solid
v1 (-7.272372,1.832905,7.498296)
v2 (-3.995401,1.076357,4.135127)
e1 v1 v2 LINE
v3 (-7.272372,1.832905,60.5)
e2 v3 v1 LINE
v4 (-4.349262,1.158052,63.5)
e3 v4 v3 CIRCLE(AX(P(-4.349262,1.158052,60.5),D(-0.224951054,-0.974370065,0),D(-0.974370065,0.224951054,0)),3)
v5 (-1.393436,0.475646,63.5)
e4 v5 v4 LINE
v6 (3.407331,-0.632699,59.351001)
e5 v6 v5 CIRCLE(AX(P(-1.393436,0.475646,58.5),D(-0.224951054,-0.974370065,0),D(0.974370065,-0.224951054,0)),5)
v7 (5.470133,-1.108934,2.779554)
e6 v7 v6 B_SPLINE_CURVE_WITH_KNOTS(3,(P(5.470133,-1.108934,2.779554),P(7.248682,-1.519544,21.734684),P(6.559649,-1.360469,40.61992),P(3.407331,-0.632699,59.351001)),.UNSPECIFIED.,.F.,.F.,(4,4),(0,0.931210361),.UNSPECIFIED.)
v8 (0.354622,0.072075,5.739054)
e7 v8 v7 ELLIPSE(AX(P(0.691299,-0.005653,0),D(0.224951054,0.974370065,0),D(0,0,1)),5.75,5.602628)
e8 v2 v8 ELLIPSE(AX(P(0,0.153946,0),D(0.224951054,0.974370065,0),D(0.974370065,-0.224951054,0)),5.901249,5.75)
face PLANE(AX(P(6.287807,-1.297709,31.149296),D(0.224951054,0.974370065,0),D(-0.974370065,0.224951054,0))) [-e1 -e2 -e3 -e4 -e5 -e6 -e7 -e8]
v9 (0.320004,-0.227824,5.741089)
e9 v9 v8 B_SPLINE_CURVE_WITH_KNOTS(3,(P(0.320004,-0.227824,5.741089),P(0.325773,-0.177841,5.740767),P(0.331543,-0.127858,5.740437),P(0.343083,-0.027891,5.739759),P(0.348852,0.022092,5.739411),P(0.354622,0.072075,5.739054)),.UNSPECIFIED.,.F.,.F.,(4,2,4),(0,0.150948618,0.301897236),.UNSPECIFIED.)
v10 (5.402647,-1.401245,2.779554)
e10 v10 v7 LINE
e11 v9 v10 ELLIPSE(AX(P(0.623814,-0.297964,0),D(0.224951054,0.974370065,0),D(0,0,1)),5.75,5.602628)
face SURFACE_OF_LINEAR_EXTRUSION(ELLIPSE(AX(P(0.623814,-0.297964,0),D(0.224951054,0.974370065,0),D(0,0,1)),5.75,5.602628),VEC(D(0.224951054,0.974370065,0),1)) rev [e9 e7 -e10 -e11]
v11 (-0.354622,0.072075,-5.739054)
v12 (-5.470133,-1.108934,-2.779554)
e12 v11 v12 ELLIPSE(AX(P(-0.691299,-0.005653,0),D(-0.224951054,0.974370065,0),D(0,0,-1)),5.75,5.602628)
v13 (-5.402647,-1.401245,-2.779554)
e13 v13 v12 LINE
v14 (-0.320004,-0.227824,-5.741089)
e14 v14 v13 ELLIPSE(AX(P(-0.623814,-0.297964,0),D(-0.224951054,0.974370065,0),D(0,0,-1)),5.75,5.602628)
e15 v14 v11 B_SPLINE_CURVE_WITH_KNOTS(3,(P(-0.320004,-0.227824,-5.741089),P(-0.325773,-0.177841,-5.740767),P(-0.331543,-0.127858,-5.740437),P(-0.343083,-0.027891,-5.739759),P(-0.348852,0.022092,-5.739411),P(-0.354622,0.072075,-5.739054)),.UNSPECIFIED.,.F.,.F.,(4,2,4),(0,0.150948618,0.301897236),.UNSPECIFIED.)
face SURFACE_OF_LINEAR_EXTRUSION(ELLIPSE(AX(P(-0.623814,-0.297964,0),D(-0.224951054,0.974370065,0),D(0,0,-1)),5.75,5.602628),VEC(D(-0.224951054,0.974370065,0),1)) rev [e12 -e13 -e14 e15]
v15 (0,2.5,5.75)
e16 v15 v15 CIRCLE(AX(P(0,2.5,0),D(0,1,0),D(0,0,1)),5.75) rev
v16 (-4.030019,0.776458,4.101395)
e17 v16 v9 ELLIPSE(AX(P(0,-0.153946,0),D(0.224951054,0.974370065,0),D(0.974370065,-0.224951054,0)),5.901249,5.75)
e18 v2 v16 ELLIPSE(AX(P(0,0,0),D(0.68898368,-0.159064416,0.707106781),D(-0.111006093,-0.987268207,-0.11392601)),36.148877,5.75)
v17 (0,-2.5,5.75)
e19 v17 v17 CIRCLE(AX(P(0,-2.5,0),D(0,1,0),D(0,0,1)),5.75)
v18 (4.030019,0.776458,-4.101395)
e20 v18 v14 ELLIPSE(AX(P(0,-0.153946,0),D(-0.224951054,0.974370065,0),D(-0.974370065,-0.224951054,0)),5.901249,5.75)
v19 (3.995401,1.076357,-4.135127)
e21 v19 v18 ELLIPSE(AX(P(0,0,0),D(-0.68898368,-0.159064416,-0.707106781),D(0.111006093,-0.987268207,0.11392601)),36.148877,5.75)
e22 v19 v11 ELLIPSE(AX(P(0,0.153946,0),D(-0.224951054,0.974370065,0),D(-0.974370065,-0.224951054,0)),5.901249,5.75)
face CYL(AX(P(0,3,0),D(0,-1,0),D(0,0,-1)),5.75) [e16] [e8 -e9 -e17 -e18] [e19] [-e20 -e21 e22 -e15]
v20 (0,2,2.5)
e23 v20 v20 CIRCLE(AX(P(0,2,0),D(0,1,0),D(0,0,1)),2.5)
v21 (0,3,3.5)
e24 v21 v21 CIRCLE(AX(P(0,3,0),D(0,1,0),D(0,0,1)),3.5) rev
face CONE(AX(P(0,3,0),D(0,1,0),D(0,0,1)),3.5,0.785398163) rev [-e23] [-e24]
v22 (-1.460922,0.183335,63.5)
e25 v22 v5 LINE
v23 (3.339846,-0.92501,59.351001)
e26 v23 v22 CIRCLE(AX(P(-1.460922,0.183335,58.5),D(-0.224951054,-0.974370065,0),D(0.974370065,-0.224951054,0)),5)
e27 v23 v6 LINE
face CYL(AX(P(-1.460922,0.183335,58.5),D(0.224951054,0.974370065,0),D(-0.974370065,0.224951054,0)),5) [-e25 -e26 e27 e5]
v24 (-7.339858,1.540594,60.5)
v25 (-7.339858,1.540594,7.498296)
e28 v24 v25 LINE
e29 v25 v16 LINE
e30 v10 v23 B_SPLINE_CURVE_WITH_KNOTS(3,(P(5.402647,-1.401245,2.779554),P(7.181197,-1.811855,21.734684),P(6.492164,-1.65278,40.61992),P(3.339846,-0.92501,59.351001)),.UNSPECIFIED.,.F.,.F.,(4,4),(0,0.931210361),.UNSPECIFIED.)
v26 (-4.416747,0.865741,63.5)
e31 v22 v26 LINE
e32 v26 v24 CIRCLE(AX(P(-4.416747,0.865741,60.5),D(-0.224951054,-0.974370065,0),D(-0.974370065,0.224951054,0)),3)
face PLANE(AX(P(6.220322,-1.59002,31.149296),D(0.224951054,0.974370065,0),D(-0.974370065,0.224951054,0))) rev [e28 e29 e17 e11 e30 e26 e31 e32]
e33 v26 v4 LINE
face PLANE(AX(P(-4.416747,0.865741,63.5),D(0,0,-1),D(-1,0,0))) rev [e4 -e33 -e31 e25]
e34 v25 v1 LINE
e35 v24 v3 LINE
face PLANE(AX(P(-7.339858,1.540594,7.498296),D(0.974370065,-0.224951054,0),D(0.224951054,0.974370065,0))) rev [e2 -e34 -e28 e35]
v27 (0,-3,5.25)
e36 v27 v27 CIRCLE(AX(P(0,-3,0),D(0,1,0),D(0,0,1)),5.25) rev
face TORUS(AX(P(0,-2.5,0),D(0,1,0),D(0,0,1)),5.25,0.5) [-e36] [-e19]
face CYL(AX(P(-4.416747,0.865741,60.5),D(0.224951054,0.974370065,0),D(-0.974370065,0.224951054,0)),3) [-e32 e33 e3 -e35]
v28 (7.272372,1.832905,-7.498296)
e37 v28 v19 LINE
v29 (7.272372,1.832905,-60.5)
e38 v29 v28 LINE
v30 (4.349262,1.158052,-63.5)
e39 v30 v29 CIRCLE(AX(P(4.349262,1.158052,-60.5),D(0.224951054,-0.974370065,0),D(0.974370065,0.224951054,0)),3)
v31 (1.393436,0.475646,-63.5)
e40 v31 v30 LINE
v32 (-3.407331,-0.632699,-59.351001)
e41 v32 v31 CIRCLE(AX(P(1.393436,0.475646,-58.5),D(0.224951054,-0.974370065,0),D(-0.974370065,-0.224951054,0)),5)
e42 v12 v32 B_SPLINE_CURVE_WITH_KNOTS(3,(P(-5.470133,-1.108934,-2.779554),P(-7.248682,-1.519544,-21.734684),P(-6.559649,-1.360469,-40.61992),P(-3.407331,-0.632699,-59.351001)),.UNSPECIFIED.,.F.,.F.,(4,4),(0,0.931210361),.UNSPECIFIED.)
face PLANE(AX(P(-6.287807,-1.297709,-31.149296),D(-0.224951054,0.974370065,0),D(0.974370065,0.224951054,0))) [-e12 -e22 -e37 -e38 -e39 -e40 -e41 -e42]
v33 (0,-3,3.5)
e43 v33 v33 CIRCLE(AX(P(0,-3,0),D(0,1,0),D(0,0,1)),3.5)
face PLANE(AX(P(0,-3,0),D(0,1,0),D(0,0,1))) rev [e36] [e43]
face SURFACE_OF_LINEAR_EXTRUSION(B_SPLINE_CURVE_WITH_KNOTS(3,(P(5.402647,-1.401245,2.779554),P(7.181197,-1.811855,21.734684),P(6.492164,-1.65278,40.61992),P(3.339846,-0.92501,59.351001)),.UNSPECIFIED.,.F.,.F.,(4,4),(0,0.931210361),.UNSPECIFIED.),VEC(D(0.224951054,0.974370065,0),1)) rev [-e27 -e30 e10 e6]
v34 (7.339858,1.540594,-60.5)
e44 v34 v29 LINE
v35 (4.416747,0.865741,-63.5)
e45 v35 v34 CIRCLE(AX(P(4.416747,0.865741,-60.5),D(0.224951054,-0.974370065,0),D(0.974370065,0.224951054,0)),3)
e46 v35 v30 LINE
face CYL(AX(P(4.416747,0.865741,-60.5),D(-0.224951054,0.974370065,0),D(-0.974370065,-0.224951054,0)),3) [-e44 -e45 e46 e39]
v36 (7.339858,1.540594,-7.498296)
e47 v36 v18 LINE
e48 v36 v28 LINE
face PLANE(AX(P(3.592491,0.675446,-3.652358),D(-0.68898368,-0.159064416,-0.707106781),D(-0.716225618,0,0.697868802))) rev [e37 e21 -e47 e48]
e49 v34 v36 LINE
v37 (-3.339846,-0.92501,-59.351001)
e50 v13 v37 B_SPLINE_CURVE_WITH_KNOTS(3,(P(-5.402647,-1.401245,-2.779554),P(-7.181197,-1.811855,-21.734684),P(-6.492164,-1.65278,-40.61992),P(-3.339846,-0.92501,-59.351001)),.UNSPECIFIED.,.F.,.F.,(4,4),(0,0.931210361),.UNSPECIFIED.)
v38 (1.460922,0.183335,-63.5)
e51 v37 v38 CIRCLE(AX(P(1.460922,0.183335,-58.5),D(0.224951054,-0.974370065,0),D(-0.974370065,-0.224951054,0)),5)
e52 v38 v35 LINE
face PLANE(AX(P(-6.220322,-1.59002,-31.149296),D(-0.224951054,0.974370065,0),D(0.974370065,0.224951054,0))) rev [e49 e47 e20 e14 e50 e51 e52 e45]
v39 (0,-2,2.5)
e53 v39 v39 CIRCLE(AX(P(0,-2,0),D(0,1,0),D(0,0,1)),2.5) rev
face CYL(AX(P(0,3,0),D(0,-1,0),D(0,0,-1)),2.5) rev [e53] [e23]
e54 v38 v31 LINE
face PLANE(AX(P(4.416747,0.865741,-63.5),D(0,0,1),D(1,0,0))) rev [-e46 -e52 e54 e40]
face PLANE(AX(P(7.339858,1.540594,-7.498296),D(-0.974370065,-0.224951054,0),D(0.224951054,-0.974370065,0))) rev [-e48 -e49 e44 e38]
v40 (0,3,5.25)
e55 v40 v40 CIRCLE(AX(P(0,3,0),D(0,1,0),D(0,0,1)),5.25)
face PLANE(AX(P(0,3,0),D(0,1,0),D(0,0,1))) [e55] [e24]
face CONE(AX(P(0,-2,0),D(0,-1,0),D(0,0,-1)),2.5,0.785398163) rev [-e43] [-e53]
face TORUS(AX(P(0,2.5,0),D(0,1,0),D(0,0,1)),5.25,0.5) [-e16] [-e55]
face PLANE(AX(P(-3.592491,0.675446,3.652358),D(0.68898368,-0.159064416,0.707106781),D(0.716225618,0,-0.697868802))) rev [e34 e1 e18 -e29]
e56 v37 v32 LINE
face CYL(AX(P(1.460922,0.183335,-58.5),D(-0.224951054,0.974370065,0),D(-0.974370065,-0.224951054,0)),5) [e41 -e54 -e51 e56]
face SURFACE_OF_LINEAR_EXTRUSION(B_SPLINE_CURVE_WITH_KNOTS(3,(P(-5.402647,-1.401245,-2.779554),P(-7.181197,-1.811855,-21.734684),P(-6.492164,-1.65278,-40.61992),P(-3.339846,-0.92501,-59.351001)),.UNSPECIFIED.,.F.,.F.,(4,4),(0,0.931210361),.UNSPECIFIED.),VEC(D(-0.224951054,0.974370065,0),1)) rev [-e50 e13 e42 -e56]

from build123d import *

# Parameters (mm, degrees)
SKETCH1_R           = 5.75
BOSS_EXTRUDE1_DEPTH = 3
BOSS_EXTRUDE2_DEPTH = 0.15
CIRPATTERN1_COUNT   = 2
SKETCH4_R           = 2.5
CUT_EXTRUDE1_DEPTH  = 65.203765671
FILLET1_R           = 0.5
CHAMFER1_SIZE       = 1
CHAMFER2_SIZE       = 1


with BuildPart() as part:
    # Sketch1 → Boss-Extrude1 (new, symmetric)
    with BuildSketch(Plane(origin=(0, 0, 0), x_dir=(1, 0, 0), z_dir=(0, 1, 0))):
        with Locations(Location((0, 0, 0), (0, 0, 270))):
            Circle(SKETCH1_R)
    extrude(amount=BOSS_EXTRUDE1_DEPTH, both=True)

    # Sketch3 → Boss-Extrude2 (add, symmetric)
    with BuildSketch(Plane(origin=(0, 0, 0), x_dir=(0.9743700647852352, -0.22495105434386534, 0), z_dir=(-0.22495105434386534, -0.9743700647852352, 0))):
        with BuildLine():
            Line((-3.652357561, 3.652357561), (-7.49829587, 7.49829587))
            Line((-7.49829587, 7.49829587), (-7.49829587, 60.5))
            ThreePointArc((-7.49829587, 60.5), (-6.619616214, 62.621320344), (-4.49829587, 63.5))
            Line((-4.49829587, 63.5), (-1.464719741, 63.5))
            ThreePointArc((-1.464719741, 63.5), (1.755916544, 62.324591732), (3.462327822, 59.351000768))
            add(Edge.make_bspline(
                [(5.579389338, 2.779553643), (7.404721725, 21.734683746), (6.697564401, 40.619919544), (3.462327822, 59.351000768)],
                knots=[0, 0, 0, 0, 0.931210361, 0.931210361, 0.931210361, 0.931210361], degree=3))
            add(Edge.make_bspline(
                [(5.579389338, 2.779553643), (1.589885299, 10.194259474), (-3.652357561, 3.652357561)],
                knots=[5.216924211, 5.216924211, 5.216924211, 7.165723747, 7.165723747, 7.165723747], degree=2, weights=[1, 0.561664766, 1]))
        make_face()
    boss_extrude2 = extrude(amount=BOSS_EXTRUDE2_DEPTH, both=True)

    # CirPattern1: Boss-Extrude2 ×2 about axis
    cirpattern1_axis = Axis((0, 3, 0), (0, -1, 0))
    for i in range(1, CIRPATTERN1_COUNT):
        add(boss_extrude2.rotate(cirpattern1_axis, i * 360 / CIRPATTERN1_COUNT))

    # Sketch4 → Cut-Extrude1 (cut, through all)
    with BuildSketch(Plane.XZ.offset(3)):
        with Locations(Location((0, 0, 0), (0, 0, 270))):
            Circle(SKETCH4_R)
    extrude(amount=-CUT_EXTRUDE1_DEPTH, mode=Mode.SUBTRACT)

    # Fillet1
    fillet1_edges = [part.edges().sort_by_distance(p)[0] for p in [
        (0, -3, -5.75),
        (0, 3, -5.75),
    ]]
    fillet(fillet1_edges, radius=FILLET1_R)

    # Chamfer1
    chamfer1_edges = [part.edges().sort_by_distance(p)[0] for p in [
        (0, -3, 2.5),
    ]]
    chamfer(chamfer1_edges, length=CHAMFER1_SIZE)

    # Chamfer2
    chamfer2_edges = [part.edges().sort_by_distance(p)[0] for p in [
        (0, 3, 2.5),
    ]]
    chamfer(chamfer2_edges, length=CHAMFER2_SIZE)


solid = part.part
